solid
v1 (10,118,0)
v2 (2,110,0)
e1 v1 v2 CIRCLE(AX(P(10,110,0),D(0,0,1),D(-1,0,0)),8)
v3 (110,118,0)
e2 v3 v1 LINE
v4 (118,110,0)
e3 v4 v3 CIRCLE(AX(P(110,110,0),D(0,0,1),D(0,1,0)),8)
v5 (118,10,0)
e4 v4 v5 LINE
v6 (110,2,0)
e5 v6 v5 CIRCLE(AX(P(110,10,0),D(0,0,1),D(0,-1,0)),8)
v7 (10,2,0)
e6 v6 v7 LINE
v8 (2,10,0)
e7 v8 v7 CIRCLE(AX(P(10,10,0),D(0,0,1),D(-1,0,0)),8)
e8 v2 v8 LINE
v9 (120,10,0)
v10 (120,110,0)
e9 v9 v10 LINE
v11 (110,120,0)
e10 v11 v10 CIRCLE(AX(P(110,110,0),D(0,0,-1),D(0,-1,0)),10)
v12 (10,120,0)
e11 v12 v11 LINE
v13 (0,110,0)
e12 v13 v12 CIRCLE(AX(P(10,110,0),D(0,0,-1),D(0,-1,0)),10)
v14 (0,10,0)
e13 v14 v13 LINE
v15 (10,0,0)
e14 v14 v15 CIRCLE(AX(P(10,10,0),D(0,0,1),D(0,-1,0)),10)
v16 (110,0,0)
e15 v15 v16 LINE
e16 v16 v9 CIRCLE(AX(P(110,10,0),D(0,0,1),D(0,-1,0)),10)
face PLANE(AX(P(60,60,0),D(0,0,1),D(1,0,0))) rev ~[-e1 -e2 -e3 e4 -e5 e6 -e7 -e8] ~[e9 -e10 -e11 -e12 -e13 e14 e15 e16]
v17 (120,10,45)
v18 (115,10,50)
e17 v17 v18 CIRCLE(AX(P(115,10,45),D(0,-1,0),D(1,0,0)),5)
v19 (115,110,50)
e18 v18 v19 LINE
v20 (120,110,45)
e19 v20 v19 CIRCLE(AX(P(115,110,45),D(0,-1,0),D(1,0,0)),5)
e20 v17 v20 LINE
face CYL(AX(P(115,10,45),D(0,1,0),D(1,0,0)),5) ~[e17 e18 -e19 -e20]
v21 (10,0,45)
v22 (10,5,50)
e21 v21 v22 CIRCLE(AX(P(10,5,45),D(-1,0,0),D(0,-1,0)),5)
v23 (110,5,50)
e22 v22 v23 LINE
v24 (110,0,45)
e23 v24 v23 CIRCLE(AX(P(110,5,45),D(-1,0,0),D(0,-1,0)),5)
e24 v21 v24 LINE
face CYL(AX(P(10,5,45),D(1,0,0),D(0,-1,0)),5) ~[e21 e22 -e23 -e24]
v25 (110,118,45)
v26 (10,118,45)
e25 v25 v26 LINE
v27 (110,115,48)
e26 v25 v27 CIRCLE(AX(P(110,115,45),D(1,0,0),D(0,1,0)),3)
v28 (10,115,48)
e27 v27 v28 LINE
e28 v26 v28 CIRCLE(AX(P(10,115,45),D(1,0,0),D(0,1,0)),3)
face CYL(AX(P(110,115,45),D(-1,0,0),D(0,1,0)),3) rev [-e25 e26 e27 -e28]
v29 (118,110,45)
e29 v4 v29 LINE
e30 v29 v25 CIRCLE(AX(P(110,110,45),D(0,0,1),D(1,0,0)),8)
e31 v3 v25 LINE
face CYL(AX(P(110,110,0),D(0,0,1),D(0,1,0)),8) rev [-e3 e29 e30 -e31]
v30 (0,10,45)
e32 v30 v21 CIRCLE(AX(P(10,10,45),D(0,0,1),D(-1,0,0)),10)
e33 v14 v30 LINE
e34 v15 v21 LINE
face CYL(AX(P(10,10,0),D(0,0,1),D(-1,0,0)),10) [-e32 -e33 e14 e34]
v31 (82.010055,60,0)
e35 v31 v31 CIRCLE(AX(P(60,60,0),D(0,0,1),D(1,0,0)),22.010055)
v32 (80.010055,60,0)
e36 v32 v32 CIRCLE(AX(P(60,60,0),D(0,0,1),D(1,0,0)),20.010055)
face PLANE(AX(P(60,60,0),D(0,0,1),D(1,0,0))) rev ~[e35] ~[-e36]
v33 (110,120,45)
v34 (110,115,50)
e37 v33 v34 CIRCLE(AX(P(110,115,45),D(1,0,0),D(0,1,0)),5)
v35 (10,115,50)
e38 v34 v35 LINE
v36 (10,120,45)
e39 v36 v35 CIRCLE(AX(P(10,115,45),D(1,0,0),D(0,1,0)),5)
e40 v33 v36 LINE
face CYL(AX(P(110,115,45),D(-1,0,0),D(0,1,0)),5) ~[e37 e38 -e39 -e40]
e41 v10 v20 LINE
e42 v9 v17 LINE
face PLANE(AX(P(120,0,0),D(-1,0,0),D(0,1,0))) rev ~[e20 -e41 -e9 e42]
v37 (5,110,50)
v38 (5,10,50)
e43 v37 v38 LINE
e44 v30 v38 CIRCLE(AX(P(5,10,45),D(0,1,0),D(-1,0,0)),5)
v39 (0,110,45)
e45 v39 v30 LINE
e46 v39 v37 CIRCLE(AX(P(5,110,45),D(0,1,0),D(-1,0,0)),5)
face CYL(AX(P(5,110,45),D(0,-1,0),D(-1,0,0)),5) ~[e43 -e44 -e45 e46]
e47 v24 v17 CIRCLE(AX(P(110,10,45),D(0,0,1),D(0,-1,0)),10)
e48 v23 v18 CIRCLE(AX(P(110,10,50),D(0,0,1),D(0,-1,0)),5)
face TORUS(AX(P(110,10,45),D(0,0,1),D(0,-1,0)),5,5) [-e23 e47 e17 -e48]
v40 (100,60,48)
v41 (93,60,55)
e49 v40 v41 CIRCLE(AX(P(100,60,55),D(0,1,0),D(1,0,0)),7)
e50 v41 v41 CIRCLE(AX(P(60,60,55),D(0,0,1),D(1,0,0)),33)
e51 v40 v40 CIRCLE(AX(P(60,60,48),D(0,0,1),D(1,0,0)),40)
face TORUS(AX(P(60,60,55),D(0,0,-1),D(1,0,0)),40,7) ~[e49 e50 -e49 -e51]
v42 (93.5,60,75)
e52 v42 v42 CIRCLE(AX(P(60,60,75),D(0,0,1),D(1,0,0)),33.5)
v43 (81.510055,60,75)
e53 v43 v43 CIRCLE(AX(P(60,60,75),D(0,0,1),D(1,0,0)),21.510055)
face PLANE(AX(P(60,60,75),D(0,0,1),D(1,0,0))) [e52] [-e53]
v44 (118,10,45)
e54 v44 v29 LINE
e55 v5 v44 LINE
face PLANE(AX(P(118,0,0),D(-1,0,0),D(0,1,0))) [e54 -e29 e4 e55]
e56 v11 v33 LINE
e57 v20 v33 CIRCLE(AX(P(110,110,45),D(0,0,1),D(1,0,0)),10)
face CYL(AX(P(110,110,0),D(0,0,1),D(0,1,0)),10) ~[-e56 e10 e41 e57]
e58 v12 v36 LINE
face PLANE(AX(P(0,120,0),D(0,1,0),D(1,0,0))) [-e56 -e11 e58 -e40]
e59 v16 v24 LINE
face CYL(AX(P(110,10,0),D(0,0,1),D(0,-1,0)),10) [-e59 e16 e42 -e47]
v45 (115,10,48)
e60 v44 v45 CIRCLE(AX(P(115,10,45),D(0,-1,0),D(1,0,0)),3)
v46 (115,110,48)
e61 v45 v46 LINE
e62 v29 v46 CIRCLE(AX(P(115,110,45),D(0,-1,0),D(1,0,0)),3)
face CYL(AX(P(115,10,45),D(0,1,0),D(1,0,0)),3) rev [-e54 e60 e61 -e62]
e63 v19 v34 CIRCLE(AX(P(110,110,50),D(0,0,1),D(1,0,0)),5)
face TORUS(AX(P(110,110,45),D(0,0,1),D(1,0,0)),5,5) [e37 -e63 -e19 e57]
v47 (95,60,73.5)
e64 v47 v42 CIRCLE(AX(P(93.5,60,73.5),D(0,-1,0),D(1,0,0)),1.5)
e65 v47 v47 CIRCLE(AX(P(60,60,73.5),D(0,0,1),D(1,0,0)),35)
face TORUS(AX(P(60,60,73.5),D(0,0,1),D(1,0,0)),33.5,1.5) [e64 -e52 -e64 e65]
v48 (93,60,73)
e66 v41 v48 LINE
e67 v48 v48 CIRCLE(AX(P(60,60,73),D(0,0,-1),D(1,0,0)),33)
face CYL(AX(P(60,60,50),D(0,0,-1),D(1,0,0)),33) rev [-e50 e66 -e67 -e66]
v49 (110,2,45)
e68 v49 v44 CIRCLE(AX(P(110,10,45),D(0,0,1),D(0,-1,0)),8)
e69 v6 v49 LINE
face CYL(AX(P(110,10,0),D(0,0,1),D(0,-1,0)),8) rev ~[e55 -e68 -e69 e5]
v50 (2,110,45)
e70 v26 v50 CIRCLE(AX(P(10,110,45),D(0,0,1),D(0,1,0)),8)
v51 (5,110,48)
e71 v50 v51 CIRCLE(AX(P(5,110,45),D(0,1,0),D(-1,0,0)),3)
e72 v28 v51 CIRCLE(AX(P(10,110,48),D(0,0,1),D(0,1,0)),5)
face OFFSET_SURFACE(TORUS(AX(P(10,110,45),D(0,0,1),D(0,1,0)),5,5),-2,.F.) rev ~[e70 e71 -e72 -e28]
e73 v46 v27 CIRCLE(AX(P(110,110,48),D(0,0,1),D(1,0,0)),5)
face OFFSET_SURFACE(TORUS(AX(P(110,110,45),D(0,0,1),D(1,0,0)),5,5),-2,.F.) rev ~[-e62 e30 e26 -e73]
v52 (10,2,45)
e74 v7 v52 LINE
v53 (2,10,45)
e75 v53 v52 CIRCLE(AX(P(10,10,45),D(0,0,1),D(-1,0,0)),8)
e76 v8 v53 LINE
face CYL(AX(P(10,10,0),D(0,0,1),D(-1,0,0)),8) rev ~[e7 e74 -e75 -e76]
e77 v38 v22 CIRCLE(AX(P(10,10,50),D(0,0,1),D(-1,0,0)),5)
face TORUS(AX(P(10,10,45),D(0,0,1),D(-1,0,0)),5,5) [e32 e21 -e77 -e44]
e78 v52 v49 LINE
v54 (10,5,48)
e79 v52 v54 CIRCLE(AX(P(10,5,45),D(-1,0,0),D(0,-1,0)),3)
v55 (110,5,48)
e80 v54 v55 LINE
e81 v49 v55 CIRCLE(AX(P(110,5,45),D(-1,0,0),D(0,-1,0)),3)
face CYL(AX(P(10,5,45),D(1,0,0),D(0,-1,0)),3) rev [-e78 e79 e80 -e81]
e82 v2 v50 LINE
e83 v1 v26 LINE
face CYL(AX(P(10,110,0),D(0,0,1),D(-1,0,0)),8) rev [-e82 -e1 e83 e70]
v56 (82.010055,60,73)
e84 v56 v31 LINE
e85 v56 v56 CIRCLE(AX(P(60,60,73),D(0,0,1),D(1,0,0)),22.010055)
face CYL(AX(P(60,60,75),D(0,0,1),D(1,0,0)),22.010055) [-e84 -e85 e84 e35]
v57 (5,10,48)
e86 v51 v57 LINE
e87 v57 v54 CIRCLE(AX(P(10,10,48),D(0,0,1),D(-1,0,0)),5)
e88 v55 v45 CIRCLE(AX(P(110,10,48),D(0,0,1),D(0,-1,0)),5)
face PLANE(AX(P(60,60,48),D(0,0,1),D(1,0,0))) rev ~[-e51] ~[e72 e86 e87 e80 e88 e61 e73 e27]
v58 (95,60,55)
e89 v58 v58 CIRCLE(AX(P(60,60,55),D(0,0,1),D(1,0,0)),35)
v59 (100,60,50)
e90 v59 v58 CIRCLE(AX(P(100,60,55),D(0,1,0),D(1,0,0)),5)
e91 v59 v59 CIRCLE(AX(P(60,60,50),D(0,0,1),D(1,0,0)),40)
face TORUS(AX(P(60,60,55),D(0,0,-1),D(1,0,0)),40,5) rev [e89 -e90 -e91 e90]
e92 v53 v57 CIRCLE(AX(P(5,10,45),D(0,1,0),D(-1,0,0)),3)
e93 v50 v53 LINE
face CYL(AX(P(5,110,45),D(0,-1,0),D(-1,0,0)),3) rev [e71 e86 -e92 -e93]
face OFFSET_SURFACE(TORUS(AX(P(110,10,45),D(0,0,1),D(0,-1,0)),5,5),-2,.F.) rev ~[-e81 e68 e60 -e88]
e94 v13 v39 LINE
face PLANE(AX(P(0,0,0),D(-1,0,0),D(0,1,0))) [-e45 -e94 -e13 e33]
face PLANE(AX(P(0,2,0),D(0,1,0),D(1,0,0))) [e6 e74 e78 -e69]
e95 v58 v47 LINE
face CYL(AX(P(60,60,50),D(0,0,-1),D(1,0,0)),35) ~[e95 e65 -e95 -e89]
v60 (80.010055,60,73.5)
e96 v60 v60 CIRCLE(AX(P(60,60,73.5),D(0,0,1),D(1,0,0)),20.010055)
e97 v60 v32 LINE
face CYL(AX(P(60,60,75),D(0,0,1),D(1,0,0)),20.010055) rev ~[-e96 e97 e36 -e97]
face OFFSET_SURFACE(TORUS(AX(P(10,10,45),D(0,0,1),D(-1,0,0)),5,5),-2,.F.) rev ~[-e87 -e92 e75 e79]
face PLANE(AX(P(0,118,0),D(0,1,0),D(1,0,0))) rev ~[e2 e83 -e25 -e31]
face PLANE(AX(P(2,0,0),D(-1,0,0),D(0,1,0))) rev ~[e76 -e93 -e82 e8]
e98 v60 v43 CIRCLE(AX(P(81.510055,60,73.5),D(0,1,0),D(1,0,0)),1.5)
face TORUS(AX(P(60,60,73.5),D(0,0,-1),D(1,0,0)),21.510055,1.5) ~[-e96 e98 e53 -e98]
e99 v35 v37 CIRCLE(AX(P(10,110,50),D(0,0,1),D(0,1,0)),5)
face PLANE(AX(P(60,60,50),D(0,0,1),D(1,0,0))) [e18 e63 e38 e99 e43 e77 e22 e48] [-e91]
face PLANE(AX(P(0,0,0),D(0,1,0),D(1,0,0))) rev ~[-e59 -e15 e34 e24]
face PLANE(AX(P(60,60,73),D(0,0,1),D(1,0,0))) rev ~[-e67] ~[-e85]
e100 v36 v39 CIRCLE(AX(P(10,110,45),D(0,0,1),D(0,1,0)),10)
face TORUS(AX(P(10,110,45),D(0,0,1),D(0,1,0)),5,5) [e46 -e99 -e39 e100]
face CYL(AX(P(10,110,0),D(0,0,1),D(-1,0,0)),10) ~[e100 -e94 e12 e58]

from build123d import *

# Parameters (mm, degrees)
SKETCH1_W           = 120
SKETCH1_H           = 120
BOSS_EXTRUDE1_DEPTH = 50
SKETCH2_R           = 35
BOSS_EXTRUDE2_DEPTH = 25
SKETCH5_R           = 20.010054985
CUT_EXTRUDE1_DEPTH  = 186.539753153
FILLET1_R           = 10
FILLET2_R           = 1.5
FILLET3_R           = 5
SHELL1_T            = -2


with BuildPart() as part:
    # Sketch1 → Boss-Extrude1 (new body)
    with BuildSketch(Plane.XY):
        with Locations((60, 60)):
            Rectangle(SKETCH1_W, SKETCH1_H)
    extrude(amount=BOSS_EXTRUDE1_DEPTH)

    # Sketch2 → Boss-Extrude2 (add)
    with BuildSketch(Plane.XY.offset(50)):
        with Locations((60, 60)):
            Circle(SKETCH2_R)
    extrude(amount=BOSS_EXTRUDE2_DEPTH)

    # Sketch5 → Cut-Extrude1 (cut, through all)
    with BuildSketch(Plane.XY.offset(75)):
        with Locations((60, 60)):
            Circle(SKETCH5_R)
    extrude(amount=-CUT_EXTRUDE1_DEPTH, mode=Mode.SUBTRACT)

    # Fillet1
    fillet1_edges = [part.edges().sort_by_distance(p)[0] for p in [
        (0, 120, 25),
        (120, 120, 25),
        (120, 0, 25),
        (0, 0, 25),
    ]]
    fillet(fillet1_edges, radius=FILLET1_R)

    # Fillet2
    fillet2_edges = [part.edges().sort_by_distance(p)[0] for p in [
        (25, 60, 75),
        (39.989945015, 60, 75),
    ]]
    fillet(fillet2_edges, radius=FILLET2_R)

    # Fillet3
    fillet3_edges = [part.edges().sort_by_distance(p)[0] for p in [
        (25, 60, 50),
        (60, 0, 50),
        (0, 60, 50),
        (120, 60, 50),
        (60, 120, 50),
        (117.071067812, 117.071067812, 50),
        (117.071067812, 2.928932188, 50),
        (2.928932188, 117.071067812, 50),
        (2.928932188, 2.928932188, 50),
    ]]
    fillet(fillet3_edges, radius=FILLET3_R)

    # Shell1
    shell1_openings = [part.faces().sort_by_distance(p)[0] for p in [
        (60, 1.697056275, 0),
    ]]
    offset(amount=SHELL1_T, openings=shell1_openings, kind=Kind.INTERSECTION)


solid = part.part
